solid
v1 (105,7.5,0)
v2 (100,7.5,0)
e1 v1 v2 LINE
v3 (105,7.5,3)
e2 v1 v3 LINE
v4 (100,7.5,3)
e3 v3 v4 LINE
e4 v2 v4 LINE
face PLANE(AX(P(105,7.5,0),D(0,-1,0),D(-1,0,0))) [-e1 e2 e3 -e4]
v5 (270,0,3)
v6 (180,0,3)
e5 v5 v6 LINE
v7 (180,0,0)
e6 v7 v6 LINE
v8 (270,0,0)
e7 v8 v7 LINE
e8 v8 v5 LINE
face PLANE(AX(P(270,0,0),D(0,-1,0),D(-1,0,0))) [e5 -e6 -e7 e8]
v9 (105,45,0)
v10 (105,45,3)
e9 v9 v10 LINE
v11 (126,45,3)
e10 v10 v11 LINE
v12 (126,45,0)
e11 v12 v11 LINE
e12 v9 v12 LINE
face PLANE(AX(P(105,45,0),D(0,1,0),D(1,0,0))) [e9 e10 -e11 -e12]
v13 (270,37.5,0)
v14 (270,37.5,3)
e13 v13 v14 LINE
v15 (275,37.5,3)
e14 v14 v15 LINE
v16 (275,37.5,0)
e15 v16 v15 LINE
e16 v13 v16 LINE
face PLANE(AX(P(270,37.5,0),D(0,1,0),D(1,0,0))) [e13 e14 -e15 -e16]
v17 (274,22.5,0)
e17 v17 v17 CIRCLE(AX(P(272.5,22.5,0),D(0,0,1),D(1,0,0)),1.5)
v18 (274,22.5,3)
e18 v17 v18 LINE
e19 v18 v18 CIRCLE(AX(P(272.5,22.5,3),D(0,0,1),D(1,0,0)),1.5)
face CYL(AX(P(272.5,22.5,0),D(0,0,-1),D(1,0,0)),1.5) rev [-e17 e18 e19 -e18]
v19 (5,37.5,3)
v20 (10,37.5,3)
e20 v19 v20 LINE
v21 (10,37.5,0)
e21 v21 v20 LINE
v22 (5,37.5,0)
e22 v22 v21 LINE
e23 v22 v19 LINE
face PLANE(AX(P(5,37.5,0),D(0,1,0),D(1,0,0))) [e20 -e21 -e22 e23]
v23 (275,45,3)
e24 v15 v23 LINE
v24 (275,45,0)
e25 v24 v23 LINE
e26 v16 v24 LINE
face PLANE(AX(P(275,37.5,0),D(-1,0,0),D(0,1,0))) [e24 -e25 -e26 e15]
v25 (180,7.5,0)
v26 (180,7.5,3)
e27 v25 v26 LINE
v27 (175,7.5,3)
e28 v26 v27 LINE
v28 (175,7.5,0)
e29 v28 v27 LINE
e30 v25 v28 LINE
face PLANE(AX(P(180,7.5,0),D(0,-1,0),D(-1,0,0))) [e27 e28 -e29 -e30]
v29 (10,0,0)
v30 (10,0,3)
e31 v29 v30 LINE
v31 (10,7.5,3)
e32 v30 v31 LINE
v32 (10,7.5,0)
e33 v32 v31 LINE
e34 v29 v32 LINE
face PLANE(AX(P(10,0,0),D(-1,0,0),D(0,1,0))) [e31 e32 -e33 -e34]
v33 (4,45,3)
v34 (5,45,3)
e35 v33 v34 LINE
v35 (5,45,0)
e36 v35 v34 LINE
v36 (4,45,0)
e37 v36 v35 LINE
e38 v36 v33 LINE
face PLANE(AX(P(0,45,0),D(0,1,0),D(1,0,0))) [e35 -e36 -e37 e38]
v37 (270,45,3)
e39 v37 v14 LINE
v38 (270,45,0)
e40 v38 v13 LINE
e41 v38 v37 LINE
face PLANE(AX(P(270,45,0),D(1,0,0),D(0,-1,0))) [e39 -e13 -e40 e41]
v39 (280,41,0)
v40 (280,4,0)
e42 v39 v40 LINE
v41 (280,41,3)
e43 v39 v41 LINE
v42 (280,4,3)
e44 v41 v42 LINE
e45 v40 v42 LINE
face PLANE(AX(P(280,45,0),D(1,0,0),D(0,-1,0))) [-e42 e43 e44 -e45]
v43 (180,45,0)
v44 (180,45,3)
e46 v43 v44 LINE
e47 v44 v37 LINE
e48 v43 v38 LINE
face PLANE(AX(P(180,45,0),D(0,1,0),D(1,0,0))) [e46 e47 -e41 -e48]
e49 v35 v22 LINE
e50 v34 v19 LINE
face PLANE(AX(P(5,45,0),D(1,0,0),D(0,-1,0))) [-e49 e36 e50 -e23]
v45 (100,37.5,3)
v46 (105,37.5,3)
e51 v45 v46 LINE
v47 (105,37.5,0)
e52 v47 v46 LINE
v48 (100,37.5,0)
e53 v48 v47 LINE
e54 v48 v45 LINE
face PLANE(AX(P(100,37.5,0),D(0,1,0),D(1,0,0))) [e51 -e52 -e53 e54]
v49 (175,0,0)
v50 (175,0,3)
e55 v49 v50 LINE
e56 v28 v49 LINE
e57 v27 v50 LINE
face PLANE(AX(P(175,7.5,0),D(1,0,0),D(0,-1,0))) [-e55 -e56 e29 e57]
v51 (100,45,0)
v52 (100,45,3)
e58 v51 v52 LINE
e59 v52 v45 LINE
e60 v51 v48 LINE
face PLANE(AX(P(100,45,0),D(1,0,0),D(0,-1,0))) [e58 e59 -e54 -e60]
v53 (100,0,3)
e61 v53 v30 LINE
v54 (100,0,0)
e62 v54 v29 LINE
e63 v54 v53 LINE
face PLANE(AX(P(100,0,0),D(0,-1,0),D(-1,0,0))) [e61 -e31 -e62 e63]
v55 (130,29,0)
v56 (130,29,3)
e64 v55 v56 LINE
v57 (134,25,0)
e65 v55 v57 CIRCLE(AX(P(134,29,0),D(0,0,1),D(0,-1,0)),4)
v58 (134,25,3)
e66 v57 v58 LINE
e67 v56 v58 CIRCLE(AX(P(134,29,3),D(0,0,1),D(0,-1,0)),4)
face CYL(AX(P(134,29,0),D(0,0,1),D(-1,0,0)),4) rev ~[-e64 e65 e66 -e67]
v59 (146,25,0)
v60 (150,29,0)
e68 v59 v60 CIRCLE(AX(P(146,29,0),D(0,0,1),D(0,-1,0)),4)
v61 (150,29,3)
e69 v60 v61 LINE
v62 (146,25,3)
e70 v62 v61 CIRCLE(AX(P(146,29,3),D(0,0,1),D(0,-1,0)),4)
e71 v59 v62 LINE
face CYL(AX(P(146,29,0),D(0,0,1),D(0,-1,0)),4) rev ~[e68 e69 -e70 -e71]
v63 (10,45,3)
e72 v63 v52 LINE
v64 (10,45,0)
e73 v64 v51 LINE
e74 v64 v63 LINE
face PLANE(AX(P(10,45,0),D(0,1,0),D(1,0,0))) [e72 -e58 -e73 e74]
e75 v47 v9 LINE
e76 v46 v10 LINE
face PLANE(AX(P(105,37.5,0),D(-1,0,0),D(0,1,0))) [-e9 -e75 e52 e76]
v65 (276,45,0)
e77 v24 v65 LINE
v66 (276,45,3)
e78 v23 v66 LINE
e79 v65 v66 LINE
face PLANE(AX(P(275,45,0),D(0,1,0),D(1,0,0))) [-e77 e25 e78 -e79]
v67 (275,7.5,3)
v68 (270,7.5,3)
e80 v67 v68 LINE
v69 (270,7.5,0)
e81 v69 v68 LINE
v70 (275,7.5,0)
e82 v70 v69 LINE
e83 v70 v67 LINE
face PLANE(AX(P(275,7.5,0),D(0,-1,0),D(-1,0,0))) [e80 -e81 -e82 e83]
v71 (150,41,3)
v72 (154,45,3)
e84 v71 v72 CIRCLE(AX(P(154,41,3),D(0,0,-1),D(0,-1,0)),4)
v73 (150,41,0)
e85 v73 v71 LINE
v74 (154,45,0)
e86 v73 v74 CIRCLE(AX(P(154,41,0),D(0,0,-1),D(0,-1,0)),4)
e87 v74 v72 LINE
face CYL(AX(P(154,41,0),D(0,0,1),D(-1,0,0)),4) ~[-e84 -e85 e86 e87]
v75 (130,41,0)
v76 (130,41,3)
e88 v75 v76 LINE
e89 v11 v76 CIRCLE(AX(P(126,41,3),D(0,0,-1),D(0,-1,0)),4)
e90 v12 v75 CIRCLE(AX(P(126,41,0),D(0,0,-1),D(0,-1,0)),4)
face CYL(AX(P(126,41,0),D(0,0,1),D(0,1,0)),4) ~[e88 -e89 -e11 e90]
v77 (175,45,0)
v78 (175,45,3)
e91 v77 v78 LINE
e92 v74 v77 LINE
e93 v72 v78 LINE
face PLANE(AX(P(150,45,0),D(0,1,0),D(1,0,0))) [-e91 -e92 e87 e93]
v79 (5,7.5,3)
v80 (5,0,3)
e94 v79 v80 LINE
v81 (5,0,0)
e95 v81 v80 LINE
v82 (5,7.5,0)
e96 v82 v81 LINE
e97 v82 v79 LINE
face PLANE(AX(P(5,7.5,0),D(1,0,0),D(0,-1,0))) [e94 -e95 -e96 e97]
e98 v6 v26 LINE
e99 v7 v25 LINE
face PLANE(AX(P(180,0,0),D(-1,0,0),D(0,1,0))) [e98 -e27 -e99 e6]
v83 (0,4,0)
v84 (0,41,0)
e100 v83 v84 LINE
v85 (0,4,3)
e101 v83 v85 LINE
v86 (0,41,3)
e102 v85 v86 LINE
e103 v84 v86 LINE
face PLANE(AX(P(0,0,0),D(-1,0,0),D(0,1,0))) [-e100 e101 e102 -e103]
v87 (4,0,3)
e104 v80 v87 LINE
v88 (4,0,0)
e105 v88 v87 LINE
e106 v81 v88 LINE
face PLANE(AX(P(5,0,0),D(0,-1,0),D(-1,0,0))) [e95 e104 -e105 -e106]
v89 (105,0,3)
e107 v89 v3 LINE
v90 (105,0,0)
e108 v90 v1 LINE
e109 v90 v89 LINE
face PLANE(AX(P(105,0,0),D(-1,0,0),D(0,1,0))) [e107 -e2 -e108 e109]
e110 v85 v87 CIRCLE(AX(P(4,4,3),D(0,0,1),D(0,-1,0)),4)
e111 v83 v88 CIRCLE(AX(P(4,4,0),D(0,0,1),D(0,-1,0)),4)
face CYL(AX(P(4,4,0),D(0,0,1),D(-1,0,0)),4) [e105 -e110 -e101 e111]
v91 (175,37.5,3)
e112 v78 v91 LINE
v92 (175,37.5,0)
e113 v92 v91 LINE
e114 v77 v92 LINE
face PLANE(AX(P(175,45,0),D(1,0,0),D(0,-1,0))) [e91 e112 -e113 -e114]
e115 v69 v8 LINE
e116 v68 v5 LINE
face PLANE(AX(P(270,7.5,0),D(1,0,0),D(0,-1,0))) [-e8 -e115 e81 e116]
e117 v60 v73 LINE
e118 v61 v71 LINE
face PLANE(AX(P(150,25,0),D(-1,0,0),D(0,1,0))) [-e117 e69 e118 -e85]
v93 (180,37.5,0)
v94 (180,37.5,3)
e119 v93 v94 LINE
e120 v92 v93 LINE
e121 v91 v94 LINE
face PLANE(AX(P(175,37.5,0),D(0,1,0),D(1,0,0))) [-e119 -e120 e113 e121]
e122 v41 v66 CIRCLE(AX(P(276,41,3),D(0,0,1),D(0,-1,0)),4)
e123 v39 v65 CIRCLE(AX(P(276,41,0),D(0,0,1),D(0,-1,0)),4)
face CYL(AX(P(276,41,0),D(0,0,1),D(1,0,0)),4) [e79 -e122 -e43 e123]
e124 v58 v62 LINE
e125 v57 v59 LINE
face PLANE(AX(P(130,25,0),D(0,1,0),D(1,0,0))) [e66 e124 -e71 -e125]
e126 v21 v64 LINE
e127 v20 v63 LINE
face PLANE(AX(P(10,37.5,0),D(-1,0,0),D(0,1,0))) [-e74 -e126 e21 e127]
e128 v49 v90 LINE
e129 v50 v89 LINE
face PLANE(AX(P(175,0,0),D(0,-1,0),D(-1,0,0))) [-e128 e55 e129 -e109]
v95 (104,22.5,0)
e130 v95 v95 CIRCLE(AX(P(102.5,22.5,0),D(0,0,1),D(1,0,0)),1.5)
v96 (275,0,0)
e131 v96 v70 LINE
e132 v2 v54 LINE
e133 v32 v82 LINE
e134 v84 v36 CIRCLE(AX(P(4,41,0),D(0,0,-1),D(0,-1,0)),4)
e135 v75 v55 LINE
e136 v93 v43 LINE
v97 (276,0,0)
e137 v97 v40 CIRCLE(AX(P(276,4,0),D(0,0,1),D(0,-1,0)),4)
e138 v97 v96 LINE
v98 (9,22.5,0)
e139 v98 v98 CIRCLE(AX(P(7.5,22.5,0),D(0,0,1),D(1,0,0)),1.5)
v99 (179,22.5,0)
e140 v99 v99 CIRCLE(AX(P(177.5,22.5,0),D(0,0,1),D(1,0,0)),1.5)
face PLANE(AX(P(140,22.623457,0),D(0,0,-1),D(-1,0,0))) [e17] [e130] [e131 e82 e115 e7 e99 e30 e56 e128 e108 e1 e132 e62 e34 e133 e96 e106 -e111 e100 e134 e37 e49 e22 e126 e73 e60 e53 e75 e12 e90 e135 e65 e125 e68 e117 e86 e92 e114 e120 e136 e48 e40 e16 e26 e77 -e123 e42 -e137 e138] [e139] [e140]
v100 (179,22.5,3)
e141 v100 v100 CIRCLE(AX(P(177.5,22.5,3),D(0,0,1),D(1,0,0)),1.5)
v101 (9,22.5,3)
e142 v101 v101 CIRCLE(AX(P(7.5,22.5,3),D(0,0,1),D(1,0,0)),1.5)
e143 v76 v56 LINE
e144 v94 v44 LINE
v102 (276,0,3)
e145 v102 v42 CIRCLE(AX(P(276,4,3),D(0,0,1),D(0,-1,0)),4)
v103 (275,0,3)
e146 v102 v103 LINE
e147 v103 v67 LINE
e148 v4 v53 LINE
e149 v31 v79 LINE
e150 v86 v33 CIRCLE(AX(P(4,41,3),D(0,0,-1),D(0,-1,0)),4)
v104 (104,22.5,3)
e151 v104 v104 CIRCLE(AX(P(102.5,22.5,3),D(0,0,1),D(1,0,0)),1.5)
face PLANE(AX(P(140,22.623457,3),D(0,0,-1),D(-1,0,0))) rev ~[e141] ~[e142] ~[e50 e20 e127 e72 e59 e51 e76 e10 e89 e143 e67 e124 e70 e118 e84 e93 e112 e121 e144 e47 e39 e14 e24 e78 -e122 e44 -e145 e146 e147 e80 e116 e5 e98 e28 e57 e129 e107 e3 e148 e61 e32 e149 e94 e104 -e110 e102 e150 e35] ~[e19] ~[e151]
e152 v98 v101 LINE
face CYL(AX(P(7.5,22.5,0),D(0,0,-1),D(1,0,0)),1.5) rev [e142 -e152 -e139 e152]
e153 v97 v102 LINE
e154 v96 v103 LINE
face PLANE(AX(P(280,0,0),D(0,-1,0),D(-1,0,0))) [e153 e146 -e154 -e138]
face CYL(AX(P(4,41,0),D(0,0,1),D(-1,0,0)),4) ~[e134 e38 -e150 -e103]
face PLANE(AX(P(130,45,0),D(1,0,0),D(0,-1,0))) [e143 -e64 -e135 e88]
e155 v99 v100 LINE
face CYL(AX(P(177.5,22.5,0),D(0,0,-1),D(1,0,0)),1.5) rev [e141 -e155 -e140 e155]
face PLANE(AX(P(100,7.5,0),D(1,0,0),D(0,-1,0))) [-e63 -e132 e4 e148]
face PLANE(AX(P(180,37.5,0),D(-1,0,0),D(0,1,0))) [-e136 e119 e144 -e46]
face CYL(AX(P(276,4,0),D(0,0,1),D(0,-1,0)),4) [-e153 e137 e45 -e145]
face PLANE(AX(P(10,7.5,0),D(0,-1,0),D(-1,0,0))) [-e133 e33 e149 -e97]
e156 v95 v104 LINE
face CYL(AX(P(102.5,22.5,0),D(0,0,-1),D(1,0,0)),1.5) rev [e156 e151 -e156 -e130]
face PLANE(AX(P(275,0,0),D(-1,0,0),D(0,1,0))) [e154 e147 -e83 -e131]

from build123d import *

# Parameters (mm, degrees)
ESQUISSE1_R        = 1.5
BOSS_EXTRU_1_DEPTH = 3
CONG_1_R           = 4


with BuildPart() as part:
    # Esquisse1 → Boss.-Extru.1 (new body)
    with BuildSketch(Plane.XY):
        Polygon((0, 0), (0, 45), (5, 45), (5, 37.5), (10, 37.5), (10, 45), (100, 45), (100, 37.5), (105, 37.5), (105, 45), (130, 45), (130, 25), (150, 25), (150, 45), (175, 45), (175, 37.5), (180, 37.5), (180, 45), (270, 45), (270, 37.5), (275, 37.5), (275, 45), (280, 45), (280, 0), (275, 0), (275, 7.5), (270, 7.5), (270, 0), (180, 0), (180, 7.5), (175, 7.5), (175, 0), (105, 0), (105, 7.5), (100, 7.5), (100, 0), (10, 0), (10, 7.5), (5, 7.5), (5, 0), align=None)
        with Locations((7.5, 22.5)):
            Circle(ESQUISSE1_R, mode=Mode.SUBTRACT)
        with Locations((102.5, 22.5)):
            Circle(ESQUISSE1_R, mode=Mode.SUBTRACT)
        with Locations((177.5, 22.5)):
            Circle(ESQUISSE1_R, mode=Mode.SUBTRACT)
        with Locations((272.5, 22.5)):
            Circle(ESQUISSE1_R, mode=Mode.SUBTRACT)
    extrude(amount=BOSS_EXTRU_1_DEPTH)

    # Congé1
    cong_1_edges = [part.edges().sort_by_distance(p)[0] for p in [
        (0, 0, 1.5),
        (0, 45, 1.5),
        (130, 45, 1.5),
        (130, 25, 1.5),
        (150, 25, 1.5),
        (150, 45, 1.5),
        (280, 45, 1.5),
        (280, 0, 1.5),
    ]]
    fillet(cong_1_edges, radius=CONG_1_R)


solid = part.part
